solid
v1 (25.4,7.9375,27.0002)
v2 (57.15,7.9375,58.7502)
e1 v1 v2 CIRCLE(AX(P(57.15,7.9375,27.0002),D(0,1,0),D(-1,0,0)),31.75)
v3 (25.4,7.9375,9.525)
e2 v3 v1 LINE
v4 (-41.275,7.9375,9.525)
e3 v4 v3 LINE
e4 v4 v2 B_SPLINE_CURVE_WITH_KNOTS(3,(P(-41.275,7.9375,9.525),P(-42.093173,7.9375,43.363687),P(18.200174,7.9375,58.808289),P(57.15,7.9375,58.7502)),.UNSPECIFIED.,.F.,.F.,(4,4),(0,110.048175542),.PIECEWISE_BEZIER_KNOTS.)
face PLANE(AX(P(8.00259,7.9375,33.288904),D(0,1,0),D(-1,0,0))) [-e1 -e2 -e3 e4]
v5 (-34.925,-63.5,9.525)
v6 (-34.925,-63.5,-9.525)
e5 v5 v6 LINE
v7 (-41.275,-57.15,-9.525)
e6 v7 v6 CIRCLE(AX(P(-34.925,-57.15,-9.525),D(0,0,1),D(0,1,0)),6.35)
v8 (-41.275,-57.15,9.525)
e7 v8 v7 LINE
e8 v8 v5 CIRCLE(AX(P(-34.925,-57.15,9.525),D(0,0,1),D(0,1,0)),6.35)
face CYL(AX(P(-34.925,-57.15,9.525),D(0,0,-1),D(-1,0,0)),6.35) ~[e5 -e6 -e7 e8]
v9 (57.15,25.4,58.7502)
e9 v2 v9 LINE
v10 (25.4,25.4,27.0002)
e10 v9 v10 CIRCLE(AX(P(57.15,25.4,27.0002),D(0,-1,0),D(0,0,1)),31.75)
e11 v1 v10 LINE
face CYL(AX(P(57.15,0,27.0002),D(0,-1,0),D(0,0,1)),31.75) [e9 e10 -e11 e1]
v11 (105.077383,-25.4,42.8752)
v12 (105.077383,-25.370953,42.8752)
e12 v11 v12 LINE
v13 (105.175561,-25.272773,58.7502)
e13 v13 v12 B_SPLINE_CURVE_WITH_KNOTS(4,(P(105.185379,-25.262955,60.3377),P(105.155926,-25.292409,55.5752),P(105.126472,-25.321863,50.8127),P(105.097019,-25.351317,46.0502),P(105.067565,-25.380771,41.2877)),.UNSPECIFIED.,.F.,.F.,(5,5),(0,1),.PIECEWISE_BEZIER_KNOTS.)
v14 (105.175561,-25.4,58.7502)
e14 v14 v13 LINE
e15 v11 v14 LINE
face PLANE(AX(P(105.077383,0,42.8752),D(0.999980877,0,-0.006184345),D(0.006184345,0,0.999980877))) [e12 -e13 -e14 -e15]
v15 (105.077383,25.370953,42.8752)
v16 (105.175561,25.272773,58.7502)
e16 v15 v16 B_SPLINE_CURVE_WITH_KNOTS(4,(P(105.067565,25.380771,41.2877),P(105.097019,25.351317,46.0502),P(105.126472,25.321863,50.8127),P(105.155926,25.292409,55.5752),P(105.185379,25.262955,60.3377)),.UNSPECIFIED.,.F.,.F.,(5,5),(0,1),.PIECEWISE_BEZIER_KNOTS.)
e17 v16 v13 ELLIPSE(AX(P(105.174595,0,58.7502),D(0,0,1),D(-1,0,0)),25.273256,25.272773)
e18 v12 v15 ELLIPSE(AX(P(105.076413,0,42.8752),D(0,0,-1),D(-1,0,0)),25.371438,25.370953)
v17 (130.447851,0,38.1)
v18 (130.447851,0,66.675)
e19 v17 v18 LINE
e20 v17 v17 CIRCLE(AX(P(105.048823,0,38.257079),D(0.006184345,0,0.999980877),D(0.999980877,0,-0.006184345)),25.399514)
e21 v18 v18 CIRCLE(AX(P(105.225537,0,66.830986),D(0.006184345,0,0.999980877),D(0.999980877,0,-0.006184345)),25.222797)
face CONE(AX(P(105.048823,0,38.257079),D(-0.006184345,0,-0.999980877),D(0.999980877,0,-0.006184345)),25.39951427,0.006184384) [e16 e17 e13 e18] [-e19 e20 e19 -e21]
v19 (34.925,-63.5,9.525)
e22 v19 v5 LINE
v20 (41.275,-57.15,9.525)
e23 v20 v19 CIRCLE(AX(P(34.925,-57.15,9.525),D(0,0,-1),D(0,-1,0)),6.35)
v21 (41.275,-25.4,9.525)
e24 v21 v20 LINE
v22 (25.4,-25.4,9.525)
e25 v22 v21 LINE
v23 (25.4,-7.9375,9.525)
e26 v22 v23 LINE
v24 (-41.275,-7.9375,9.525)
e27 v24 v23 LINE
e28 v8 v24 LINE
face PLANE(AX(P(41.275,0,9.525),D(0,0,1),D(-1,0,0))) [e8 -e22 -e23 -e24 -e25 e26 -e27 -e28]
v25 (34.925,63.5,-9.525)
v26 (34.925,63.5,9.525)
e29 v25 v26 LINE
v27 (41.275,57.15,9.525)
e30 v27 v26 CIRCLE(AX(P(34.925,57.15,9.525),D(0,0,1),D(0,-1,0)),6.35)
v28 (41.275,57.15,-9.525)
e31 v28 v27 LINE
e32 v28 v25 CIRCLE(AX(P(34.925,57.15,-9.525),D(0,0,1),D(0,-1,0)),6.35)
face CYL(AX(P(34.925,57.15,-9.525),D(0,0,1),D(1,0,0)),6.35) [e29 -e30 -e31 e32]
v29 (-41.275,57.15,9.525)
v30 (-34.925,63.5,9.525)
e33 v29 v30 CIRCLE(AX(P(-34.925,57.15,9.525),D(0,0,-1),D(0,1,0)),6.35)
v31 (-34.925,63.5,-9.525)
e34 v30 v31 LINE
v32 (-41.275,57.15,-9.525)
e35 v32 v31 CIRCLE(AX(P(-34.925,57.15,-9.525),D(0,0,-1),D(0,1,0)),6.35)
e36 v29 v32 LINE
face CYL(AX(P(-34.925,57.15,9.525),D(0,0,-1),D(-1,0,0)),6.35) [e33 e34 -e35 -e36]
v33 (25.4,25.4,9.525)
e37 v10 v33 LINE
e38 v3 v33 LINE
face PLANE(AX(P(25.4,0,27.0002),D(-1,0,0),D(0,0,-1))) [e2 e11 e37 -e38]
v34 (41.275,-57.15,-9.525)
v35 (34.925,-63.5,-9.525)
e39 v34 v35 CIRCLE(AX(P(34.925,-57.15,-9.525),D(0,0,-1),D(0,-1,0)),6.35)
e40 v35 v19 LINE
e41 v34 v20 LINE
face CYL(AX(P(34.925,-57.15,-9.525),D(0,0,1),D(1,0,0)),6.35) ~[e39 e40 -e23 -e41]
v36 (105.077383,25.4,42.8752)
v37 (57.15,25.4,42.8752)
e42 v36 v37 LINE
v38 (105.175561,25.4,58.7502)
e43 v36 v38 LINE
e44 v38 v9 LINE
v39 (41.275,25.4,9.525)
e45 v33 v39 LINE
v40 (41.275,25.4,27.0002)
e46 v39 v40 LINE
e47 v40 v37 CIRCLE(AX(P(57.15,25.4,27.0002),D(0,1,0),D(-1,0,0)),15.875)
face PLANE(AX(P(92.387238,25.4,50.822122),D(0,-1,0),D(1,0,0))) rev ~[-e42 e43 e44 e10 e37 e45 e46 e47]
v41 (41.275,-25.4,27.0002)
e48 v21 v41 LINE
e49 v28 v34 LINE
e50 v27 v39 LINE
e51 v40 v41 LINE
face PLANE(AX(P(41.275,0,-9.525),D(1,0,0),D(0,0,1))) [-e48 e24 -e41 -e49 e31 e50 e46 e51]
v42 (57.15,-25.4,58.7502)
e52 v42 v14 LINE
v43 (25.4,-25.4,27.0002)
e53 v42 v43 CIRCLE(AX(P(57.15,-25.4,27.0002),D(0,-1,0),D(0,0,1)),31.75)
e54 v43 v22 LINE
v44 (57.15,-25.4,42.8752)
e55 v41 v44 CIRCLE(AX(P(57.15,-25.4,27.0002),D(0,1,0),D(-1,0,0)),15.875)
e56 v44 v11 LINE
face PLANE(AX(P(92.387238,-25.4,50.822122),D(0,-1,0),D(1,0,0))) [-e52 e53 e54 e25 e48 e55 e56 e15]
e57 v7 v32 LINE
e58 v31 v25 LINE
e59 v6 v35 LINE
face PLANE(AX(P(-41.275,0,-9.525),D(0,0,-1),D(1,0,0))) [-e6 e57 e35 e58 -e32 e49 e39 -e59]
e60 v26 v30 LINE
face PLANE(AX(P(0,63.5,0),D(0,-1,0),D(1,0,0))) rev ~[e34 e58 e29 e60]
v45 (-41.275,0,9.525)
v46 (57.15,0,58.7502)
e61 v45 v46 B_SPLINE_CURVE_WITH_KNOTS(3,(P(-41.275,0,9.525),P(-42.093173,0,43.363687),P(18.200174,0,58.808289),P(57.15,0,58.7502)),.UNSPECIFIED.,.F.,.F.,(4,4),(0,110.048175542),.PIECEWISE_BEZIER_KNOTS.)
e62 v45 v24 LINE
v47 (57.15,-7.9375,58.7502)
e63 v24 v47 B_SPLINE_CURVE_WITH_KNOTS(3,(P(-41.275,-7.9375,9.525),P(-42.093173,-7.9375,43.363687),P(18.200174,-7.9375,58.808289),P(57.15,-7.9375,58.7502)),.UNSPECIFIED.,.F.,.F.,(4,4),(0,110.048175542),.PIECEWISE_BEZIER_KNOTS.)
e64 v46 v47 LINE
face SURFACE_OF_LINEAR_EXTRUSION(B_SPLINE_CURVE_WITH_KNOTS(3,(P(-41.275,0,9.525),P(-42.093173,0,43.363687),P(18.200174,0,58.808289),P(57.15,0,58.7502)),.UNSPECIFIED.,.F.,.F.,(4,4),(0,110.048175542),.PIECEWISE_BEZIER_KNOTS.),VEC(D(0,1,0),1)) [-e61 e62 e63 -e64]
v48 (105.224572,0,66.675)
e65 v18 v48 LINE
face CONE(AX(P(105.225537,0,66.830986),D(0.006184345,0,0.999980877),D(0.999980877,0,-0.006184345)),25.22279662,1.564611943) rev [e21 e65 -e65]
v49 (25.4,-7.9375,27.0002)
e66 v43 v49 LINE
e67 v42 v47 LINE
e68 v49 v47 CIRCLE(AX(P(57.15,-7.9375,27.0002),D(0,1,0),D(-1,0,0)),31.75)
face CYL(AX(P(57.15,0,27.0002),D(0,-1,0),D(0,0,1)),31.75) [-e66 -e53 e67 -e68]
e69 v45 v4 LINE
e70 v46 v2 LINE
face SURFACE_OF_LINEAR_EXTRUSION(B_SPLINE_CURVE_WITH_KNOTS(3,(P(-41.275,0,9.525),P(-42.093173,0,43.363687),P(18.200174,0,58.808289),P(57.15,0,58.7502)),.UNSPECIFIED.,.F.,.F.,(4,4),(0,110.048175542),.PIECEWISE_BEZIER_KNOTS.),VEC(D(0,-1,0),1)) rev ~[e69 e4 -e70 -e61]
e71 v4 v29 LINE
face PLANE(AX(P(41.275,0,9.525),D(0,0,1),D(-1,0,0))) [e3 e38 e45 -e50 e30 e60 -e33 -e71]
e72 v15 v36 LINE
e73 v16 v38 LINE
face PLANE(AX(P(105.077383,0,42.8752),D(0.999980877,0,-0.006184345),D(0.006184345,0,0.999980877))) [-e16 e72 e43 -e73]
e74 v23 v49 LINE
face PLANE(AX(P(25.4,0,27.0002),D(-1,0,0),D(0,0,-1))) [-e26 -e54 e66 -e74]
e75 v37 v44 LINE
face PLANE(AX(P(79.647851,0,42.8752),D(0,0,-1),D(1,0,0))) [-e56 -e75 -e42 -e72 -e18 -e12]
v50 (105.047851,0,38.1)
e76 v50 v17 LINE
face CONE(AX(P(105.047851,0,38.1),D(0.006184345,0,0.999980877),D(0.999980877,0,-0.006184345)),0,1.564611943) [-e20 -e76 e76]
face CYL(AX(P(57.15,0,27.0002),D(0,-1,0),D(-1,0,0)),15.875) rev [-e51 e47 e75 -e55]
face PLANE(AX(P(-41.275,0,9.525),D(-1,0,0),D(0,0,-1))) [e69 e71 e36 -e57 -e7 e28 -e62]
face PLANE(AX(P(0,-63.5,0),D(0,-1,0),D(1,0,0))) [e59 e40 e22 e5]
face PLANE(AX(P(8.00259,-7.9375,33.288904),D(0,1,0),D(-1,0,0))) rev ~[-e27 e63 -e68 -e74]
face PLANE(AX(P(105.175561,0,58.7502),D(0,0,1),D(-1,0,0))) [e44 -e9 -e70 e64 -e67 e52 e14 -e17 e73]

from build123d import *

# Parameters (mm, degrees)
F1_DEPTH = 63.5
F2_DEPTH = 25.4
F3_DEPTH = 7.9375
F4_DEPTH = 25.4
F6_R     = 6.35


with BuildPart() as f1:
    # F0 (on Front) → F1 (new body, symmetric)
    with BuildSketch(Plane.XZ):
        Polygon((-41.275, -9.525), (41.275, -9.525), (41.275, 9.525), (25.4, 9.525), (-41.275, 9.525), align=None)
    extrude(amount=F1_DEPTH, both=True)

    # F0 (on Front) → F2 (join, symmetric)
    with BuildSketch(Plane.XZ):
        with BuildLine():
            Line((25.4, 9.525), (41.275, 9.525))
            Line((41.275, 9.525), (41.275, 27.0002))
            ThreePointArc((41.275, 27.0002), (45.9246798487, 38.2255201513), (57.15, 42.8752))
            Line((57.15, 42.8752), (79.6478510928, 42.8752))
            Line((79.6478510928, 42.8752), (79.6478510928, 58.7502))
            Line((79.6478510928, 58.7502), (57.15, 58.7502))
            ThreePointArc((57.15, 58.7502), (34.6993596973, 49.4508403027), (25.4, 27.0002))
            Line((25.4, 27.0002), (25.4, 9.525))
        make_face()
    extrude(amount=F2_DEPTH, both=True)

    # F0 (on Front) → F3 (join, symmetric)
    with BuildSketch(Plane.XZ):
        with BuildLine():
            add(Edge.make_bspline(
                [(-41.275, 9.525), (-42.0931726694, 43.363686651), (18.200173974, 58.8082894683), (57.15, 58.7502)],
                knots=[0, 0, 0, 0, 110.0481755416, 110.0481755416, 110.0481755416, 110.0481755416], degree=3))
            Line((-41.275, 9.525), (25.4, 9.525))
            Line((25.4, 9.525), (25.4, 27.0002))
            ThreePointArc((25.4, 27.0002), (34.6993596973, 49.4508403027), (57.15, 58.7502))
        make_face()
    extrude(amount=F3_DEPTH, both=True)

    # F0 (on Front) → F4 (join, symmetric)
    with BuildSketch(Plane.XZ):
        Polygon((105.17556149, 58.7502), (79.6478510928, 58.7502), (79.6478510928, 42.8752), (105.0773831404, 42.8752), align=None)
    extrude(amount=F4_DEPTH, both=True)

    # F0 (on Front) → F5 (revolve)
    with BuildSketch(Plane.XZ):
        Polygon((105.2245721221, 66.675), (105.17556149, 58.7502), (105.0773831404, 42.8752), (105.0478510928, 38.1), (130.4478510928, 38.1), (130.4478510928, 66.675), align=None)
    revolve(axis=Axis((105.1362116075, 0, 52.3875), (0.0061843447, 0, 0.9999808768)))

    # F6
    f6_edges = [f1.edges().sort_by_distance(p)[0] for p in [
        (-41.275, -63.5, 0),
        (41.275, -63.5, 0),
        (41.275, 63.5, 0),
        (-41.275, 63.5, 0),
    ]]
    fillet(f6_edges, radius=F6_R)


solid = f1.part
